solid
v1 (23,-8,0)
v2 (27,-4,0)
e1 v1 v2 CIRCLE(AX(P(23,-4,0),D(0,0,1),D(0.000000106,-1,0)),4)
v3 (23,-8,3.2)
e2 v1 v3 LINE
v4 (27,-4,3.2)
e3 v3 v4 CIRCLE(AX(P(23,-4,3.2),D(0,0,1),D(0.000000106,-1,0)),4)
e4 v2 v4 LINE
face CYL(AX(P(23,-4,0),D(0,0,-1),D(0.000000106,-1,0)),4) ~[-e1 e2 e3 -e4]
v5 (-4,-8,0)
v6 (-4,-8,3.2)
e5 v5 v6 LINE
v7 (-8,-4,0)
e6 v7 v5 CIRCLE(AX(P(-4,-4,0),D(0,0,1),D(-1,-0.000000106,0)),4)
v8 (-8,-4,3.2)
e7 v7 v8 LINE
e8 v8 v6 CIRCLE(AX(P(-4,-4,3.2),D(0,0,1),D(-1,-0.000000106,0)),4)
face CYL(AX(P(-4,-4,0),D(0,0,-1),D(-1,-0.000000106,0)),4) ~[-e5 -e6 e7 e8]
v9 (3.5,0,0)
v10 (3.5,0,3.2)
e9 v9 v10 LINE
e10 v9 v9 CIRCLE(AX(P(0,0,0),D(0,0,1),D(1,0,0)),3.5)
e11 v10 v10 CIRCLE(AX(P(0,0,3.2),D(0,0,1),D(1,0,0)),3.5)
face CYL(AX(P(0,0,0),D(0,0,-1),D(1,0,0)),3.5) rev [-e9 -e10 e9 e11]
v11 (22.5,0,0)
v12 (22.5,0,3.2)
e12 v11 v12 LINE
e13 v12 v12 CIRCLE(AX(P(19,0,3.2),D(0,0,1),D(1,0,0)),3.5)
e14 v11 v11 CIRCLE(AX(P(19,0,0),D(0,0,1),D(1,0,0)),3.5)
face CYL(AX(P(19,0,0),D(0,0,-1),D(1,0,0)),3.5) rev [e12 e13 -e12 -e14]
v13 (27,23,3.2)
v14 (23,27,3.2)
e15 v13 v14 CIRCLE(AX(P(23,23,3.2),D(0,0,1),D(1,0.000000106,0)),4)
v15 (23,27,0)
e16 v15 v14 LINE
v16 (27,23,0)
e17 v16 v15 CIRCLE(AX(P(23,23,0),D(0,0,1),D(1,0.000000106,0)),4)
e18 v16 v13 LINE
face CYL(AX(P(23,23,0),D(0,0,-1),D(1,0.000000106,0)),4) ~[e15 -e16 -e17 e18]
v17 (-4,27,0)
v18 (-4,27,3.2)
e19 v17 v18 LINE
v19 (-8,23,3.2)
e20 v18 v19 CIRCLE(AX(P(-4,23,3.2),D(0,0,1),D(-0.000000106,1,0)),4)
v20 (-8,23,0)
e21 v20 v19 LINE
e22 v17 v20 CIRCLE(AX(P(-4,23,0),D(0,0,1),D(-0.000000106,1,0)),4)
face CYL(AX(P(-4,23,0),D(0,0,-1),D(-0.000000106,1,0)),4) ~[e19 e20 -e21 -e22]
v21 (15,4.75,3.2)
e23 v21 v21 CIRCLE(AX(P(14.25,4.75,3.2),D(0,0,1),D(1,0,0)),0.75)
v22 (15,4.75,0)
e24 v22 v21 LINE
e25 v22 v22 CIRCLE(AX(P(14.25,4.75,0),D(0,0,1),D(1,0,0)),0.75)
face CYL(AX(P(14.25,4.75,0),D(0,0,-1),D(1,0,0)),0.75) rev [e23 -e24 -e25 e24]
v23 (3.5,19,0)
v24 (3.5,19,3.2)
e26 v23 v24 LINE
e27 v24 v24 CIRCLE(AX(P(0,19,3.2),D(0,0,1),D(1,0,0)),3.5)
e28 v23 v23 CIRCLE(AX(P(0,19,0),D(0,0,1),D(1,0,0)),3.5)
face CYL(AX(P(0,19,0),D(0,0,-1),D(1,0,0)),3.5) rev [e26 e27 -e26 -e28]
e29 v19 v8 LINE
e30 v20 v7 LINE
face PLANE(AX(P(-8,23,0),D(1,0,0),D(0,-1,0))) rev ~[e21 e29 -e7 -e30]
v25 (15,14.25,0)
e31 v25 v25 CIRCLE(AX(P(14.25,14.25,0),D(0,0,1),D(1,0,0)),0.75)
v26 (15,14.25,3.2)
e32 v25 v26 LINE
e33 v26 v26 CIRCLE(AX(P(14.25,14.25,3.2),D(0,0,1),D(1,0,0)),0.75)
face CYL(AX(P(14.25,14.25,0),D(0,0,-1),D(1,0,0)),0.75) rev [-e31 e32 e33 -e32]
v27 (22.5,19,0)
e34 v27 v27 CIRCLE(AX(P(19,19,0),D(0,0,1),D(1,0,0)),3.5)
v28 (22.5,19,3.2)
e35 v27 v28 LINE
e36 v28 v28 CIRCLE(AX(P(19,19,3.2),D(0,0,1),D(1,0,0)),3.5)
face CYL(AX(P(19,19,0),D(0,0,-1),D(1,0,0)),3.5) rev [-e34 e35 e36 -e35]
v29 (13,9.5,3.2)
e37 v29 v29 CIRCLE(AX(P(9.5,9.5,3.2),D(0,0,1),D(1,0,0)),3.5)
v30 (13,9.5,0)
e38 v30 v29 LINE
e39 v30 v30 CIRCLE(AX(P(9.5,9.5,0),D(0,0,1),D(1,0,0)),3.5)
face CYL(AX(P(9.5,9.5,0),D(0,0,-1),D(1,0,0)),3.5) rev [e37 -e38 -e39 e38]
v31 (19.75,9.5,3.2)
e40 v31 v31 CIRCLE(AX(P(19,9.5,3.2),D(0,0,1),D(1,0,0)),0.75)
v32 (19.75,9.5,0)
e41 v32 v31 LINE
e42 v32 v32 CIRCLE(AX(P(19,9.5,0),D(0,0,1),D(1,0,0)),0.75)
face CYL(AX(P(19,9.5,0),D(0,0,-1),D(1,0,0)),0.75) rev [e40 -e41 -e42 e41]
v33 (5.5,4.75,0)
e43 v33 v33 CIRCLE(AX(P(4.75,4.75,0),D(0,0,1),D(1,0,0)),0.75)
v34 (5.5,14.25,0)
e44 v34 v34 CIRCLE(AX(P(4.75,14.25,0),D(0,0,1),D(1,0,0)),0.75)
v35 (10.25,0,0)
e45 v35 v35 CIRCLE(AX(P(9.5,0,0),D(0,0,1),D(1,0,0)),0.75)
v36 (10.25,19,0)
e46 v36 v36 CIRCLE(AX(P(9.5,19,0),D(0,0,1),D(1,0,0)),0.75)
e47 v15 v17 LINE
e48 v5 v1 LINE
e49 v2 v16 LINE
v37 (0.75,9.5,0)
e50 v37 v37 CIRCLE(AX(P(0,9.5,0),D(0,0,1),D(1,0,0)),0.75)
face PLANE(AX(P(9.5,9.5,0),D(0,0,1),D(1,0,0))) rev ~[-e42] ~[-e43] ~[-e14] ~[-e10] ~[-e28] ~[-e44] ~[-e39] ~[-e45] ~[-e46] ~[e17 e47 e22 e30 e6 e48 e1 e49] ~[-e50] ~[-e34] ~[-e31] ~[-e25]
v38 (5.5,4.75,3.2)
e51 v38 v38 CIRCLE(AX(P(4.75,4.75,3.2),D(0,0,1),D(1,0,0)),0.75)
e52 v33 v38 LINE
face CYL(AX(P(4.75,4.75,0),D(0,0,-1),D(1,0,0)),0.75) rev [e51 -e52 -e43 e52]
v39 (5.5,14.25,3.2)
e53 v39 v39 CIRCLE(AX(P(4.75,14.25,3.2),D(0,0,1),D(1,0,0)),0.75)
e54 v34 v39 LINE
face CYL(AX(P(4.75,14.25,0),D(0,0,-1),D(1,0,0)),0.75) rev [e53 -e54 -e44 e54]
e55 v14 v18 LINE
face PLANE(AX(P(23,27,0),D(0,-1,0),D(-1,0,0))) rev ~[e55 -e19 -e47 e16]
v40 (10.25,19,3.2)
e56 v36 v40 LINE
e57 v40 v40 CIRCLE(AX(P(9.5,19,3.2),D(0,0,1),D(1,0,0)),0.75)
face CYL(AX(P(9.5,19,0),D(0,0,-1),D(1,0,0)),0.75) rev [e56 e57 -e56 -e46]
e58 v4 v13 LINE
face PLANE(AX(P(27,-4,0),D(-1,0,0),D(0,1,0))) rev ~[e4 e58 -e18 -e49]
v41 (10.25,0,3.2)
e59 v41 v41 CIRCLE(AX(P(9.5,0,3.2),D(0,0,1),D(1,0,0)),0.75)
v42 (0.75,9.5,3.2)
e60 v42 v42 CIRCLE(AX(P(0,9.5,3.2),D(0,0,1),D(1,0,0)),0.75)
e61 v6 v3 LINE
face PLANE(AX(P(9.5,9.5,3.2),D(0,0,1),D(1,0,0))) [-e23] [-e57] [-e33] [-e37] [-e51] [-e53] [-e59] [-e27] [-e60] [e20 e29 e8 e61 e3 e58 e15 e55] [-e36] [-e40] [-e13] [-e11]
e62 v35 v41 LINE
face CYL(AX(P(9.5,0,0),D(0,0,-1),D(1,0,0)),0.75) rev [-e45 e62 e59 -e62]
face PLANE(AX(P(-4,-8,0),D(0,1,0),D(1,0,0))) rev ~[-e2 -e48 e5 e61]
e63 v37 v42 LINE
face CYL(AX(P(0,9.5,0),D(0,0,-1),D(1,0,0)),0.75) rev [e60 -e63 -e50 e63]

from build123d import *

# Parameters (mm, degrees)
F0_R     = 3.5
F0_R_2   = 0.75
F1_DEPTH = 3.2


with BuildPart() as f1:
    # F0 (on Top) → F1 (new body)
    with BuildSketch(Plane.XY):
        with BuildLine():
            ThreePointArc((27, 23), (25.828427, 25.828427), (23, 27))
            Line((23, 27), (-4, 27))
            ThreePointArc((-4, 27), (-6.828427, 25.828427), (-8, 23))
            Line((-8, 23), (-8, -4))
            ThreePointArc((-8, -4), (-6.828427, -6.828427), (-4, -8))
            Line((-4, -8), (23, -8))
            ThreePointArc((23, -8), (25.828427, -6.828427), (27, -4))
            Line((27, -4), (27, 23))
        make_face()
        Circle(F0_R, mode=Mode.SUBTRACT)
        with Locations((4.75, 4.75)):
            Circle(F0_R_2, mode=Mode.SUBTRACT)
        with Locations((9.5, 0)):
            Circle(F0_R_2, mode=Mode.SUBTRACT)
        with Locations((19, 0)):
            Circle(F0_R, mode=Mode.SUBTRACT)
        with Locations((14.25, 4.75)):
            Circle(F0_R_2, mode=Mode.SUBTRACT)
        with Locations((0, 9.5)):
            Circle(F0_R_2, mode=Mode.SUBTRACT)
        with Locations((4.75, 14.25)):
            Circle(F0_R_2, mode=Mode.SUBTRACT)
        with Locations((0, 19)):
            Circle(F0_R, mode=Mode.SUBTRACT)
        with Locations((9.5, 9.5)):
            Circle(F0_R, mode=Mode.SUBTRACT)
        with Locations((14.25, 14.25)):
            Circle(F0_R_2, mode=Mode.SUBTRACT)
        with Locations((19, 9.5)):
            Circle(F0_R_2, mode=Mode.SUBTRACT)
        with Locations((9.5, 19)):
            Circle(F0_R_2, mode=Mode.SUBTRACT)
        with Locations((19, 19)):
            Circle(F0_R, mode=Mode.SUBTRACT)
    extrude(amount=F1_DEPTH)


solid = f1.part
